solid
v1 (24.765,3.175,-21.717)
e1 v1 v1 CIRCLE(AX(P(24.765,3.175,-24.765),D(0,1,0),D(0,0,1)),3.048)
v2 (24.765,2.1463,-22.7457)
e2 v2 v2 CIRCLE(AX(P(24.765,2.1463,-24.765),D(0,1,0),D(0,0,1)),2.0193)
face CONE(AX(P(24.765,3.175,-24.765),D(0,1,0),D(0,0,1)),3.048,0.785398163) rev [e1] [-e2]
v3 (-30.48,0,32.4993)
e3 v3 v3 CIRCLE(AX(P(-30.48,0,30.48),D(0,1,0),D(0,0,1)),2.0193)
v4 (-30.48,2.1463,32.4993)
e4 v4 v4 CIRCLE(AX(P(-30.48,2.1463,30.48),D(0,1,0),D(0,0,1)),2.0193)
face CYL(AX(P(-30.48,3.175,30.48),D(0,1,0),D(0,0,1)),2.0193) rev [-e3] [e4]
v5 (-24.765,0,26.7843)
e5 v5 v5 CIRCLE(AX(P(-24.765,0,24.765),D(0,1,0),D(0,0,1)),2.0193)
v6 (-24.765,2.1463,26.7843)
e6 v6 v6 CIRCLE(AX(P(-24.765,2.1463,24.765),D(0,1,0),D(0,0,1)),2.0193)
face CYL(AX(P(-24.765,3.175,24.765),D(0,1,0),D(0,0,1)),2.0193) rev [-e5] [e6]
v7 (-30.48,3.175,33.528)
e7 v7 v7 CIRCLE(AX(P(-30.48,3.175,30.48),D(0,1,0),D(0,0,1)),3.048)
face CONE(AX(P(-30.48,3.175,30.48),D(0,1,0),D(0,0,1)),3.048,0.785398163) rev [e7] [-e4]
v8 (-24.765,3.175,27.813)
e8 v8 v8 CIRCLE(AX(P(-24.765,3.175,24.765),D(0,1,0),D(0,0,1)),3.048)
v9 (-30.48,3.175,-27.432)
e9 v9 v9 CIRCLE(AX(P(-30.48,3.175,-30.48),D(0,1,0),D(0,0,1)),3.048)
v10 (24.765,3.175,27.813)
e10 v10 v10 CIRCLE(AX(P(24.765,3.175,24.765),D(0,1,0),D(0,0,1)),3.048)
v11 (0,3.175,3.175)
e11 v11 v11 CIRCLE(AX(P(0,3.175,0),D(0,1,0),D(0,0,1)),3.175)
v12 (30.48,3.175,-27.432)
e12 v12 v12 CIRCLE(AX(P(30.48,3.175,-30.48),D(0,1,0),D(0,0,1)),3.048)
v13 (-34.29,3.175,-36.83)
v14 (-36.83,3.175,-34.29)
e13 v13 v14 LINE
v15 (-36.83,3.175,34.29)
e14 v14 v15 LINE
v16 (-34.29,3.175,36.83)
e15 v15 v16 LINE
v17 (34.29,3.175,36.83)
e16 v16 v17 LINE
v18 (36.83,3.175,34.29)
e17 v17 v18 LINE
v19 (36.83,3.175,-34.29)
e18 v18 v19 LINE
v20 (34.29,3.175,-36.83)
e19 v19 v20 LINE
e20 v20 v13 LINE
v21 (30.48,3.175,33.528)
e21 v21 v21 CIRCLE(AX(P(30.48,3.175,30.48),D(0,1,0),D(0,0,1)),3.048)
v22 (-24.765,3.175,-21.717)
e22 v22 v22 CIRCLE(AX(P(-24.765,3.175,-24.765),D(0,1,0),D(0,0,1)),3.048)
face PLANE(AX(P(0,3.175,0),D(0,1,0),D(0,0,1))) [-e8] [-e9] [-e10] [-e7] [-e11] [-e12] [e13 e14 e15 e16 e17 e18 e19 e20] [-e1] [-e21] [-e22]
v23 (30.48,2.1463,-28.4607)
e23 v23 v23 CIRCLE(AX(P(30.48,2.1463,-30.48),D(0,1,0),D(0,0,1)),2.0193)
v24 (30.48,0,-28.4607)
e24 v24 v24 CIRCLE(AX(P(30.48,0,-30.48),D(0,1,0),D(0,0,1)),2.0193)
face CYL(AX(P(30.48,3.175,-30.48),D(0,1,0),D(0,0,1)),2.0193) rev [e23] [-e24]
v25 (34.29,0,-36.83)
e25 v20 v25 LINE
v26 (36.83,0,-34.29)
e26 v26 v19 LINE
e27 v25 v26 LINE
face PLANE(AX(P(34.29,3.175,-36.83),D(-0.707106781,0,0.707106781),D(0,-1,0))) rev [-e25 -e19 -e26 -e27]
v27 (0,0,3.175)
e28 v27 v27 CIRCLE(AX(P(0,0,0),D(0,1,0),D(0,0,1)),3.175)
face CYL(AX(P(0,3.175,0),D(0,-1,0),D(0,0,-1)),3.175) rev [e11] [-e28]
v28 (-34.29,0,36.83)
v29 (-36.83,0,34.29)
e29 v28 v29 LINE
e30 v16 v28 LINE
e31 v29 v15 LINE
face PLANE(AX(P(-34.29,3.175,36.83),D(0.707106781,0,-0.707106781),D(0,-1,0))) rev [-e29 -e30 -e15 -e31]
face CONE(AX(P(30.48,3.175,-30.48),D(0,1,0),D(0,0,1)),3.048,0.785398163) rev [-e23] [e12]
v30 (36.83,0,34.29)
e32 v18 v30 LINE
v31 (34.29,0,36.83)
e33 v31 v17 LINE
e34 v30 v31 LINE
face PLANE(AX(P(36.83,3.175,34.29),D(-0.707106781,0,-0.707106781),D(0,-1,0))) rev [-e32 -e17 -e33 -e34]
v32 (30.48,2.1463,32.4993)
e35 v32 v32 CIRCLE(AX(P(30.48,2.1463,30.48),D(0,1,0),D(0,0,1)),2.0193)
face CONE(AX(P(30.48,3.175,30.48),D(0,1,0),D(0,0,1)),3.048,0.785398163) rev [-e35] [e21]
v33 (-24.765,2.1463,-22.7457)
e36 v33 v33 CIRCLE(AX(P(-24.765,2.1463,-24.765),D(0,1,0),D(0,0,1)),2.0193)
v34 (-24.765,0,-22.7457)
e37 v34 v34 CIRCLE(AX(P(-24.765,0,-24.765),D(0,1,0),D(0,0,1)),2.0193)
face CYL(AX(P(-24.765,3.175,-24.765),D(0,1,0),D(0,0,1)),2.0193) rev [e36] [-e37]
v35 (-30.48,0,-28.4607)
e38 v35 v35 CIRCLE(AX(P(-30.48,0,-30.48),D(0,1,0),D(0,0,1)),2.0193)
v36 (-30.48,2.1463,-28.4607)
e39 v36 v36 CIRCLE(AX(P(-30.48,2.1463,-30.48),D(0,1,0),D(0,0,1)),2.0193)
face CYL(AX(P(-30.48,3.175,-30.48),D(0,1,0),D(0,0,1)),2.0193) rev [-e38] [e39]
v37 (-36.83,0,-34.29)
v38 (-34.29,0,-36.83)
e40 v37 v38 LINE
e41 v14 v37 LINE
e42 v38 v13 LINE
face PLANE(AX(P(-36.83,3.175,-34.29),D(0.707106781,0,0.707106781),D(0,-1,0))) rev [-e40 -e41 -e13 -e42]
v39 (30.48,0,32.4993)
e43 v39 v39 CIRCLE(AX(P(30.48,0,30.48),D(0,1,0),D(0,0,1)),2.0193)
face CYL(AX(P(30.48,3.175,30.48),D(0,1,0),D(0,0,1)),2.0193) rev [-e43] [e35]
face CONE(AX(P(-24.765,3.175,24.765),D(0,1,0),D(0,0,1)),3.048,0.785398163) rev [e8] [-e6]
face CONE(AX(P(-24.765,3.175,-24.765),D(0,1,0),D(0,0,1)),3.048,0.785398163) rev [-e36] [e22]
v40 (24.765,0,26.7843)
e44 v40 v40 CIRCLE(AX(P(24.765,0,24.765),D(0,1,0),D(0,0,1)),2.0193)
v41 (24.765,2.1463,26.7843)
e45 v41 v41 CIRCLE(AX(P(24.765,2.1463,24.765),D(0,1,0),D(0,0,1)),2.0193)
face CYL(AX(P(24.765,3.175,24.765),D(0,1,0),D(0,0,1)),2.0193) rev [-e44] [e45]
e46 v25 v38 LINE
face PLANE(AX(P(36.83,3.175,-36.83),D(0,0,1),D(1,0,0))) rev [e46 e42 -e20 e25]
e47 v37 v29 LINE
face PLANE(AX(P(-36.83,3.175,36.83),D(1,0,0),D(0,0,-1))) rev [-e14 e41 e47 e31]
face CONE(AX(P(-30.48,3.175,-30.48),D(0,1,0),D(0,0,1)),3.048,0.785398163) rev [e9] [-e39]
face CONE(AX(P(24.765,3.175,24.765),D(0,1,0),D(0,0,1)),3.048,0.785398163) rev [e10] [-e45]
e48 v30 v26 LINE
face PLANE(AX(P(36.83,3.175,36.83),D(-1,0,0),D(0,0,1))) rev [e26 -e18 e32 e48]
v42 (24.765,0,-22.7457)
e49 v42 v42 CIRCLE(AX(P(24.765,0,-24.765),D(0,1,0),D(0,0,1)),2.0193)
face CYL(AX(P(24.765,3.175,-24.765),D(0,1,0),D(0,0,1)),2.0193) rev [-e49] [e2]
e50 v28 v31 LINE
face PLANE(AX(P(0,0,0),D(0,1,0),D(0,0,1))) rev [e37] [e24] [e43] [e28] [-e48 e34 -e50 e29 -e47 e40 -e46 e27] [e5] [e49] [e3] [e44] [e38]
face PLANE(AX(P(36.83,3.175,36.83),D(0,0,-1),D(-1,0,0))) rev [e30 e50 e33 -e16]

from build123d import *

# Parameters (mm, degrees)
SKETCH1_W                        = 73.66
SKETCH1_H                        = 73.66
SKETCH1_R                        = 3.175
BOSS_EXTRUDE1_DEPTH              = 3.175
CHAMFER2_SIZE                    = 2.54
F_10_32_TAPPED_HOLE1_D           = 4.0386
F_10_32_TAPPED_HOLE1_CSINK_D     = 6.096
F_10_32_TAPPED_HOLE1_CSINK_ANGLE = 90
F_10_32_TAPPED_HOLE2_D           = 4.0386
F_10_32_TAPPED_HOLE2_CSINK_D     = 6.096
F_10_32_TAPPED_HOLE2_CSINK_ANGLE = 90


with BuildPart() as part:
    # Sketch1 → Boss-Extrude1 (new body)
    with BuildSketch(Plane(origin=(0, 0, 0), x_dir=(1, 0, 0), z_dir=(0, 1, 0))):
        Rectangle(SKETCH1_W, SKETCH1_H)
        with Locations(Location((0, 0, 0), (0, 0, 270))):
            Circle(SKETCH1_R, mode=Mode.SUBTRACT)
    extrude(amount=BOSS_EXTRUDE1_DEPTH)

    # Chamfer2
    chamfer2_edges = [part.edges().sort_by_distance(p)[0] for p in [
        (-36.83, 1.5875, -36.83),
        (36.83, 1.5875, -36.83),
        (36.83, 1.5875, 36.83),
        (-36.83, 1.5875, 36.83),
    ]]
    chamfer(chamfer2_edges, length=CHAMFER2_SIZE)

    # #10-32 Tapped Hole1 (through all)
    with Locations(Plane(origin=(0, 3.175, 0), x_dir=(1, 0, 0), z_dir=(0, 1, 0))):
        with Locations((30.48, 30.48), (-30.48, 30.48), (-30.48, -30.48), (30.48, -30.48)):
            CounterSinkHole(F_10_32_TAPPED_HOLE1_D / 2, F_10_32_TAPPED_HOLE1_CSINK_D / 2, counter_sink_angle=F_10_32_TAPPED_HOLE1_CSINK_ANGLE)

    # #10-32 Tapped Hole2 (through all)
    with Locations(Plane(origin=(0, 3.175, 0), x_dir=(1, 0, 0), z_dir=(0, 1, 0))):
        with Locations((-24.765, 24.765), (24.765, 24.765), (-24.765, -24.765), (24.765, -24.765)):
            CounterSinkHole(F_10_32_TAPPED_HOLE2_D / 2, F_10_32_TAPPED_HOLE2_CSINK_D / 2, counter_sink_angle=F_10_32_TAPPED_HOLE2_CSINK_ANGLE)


solid = part.part
